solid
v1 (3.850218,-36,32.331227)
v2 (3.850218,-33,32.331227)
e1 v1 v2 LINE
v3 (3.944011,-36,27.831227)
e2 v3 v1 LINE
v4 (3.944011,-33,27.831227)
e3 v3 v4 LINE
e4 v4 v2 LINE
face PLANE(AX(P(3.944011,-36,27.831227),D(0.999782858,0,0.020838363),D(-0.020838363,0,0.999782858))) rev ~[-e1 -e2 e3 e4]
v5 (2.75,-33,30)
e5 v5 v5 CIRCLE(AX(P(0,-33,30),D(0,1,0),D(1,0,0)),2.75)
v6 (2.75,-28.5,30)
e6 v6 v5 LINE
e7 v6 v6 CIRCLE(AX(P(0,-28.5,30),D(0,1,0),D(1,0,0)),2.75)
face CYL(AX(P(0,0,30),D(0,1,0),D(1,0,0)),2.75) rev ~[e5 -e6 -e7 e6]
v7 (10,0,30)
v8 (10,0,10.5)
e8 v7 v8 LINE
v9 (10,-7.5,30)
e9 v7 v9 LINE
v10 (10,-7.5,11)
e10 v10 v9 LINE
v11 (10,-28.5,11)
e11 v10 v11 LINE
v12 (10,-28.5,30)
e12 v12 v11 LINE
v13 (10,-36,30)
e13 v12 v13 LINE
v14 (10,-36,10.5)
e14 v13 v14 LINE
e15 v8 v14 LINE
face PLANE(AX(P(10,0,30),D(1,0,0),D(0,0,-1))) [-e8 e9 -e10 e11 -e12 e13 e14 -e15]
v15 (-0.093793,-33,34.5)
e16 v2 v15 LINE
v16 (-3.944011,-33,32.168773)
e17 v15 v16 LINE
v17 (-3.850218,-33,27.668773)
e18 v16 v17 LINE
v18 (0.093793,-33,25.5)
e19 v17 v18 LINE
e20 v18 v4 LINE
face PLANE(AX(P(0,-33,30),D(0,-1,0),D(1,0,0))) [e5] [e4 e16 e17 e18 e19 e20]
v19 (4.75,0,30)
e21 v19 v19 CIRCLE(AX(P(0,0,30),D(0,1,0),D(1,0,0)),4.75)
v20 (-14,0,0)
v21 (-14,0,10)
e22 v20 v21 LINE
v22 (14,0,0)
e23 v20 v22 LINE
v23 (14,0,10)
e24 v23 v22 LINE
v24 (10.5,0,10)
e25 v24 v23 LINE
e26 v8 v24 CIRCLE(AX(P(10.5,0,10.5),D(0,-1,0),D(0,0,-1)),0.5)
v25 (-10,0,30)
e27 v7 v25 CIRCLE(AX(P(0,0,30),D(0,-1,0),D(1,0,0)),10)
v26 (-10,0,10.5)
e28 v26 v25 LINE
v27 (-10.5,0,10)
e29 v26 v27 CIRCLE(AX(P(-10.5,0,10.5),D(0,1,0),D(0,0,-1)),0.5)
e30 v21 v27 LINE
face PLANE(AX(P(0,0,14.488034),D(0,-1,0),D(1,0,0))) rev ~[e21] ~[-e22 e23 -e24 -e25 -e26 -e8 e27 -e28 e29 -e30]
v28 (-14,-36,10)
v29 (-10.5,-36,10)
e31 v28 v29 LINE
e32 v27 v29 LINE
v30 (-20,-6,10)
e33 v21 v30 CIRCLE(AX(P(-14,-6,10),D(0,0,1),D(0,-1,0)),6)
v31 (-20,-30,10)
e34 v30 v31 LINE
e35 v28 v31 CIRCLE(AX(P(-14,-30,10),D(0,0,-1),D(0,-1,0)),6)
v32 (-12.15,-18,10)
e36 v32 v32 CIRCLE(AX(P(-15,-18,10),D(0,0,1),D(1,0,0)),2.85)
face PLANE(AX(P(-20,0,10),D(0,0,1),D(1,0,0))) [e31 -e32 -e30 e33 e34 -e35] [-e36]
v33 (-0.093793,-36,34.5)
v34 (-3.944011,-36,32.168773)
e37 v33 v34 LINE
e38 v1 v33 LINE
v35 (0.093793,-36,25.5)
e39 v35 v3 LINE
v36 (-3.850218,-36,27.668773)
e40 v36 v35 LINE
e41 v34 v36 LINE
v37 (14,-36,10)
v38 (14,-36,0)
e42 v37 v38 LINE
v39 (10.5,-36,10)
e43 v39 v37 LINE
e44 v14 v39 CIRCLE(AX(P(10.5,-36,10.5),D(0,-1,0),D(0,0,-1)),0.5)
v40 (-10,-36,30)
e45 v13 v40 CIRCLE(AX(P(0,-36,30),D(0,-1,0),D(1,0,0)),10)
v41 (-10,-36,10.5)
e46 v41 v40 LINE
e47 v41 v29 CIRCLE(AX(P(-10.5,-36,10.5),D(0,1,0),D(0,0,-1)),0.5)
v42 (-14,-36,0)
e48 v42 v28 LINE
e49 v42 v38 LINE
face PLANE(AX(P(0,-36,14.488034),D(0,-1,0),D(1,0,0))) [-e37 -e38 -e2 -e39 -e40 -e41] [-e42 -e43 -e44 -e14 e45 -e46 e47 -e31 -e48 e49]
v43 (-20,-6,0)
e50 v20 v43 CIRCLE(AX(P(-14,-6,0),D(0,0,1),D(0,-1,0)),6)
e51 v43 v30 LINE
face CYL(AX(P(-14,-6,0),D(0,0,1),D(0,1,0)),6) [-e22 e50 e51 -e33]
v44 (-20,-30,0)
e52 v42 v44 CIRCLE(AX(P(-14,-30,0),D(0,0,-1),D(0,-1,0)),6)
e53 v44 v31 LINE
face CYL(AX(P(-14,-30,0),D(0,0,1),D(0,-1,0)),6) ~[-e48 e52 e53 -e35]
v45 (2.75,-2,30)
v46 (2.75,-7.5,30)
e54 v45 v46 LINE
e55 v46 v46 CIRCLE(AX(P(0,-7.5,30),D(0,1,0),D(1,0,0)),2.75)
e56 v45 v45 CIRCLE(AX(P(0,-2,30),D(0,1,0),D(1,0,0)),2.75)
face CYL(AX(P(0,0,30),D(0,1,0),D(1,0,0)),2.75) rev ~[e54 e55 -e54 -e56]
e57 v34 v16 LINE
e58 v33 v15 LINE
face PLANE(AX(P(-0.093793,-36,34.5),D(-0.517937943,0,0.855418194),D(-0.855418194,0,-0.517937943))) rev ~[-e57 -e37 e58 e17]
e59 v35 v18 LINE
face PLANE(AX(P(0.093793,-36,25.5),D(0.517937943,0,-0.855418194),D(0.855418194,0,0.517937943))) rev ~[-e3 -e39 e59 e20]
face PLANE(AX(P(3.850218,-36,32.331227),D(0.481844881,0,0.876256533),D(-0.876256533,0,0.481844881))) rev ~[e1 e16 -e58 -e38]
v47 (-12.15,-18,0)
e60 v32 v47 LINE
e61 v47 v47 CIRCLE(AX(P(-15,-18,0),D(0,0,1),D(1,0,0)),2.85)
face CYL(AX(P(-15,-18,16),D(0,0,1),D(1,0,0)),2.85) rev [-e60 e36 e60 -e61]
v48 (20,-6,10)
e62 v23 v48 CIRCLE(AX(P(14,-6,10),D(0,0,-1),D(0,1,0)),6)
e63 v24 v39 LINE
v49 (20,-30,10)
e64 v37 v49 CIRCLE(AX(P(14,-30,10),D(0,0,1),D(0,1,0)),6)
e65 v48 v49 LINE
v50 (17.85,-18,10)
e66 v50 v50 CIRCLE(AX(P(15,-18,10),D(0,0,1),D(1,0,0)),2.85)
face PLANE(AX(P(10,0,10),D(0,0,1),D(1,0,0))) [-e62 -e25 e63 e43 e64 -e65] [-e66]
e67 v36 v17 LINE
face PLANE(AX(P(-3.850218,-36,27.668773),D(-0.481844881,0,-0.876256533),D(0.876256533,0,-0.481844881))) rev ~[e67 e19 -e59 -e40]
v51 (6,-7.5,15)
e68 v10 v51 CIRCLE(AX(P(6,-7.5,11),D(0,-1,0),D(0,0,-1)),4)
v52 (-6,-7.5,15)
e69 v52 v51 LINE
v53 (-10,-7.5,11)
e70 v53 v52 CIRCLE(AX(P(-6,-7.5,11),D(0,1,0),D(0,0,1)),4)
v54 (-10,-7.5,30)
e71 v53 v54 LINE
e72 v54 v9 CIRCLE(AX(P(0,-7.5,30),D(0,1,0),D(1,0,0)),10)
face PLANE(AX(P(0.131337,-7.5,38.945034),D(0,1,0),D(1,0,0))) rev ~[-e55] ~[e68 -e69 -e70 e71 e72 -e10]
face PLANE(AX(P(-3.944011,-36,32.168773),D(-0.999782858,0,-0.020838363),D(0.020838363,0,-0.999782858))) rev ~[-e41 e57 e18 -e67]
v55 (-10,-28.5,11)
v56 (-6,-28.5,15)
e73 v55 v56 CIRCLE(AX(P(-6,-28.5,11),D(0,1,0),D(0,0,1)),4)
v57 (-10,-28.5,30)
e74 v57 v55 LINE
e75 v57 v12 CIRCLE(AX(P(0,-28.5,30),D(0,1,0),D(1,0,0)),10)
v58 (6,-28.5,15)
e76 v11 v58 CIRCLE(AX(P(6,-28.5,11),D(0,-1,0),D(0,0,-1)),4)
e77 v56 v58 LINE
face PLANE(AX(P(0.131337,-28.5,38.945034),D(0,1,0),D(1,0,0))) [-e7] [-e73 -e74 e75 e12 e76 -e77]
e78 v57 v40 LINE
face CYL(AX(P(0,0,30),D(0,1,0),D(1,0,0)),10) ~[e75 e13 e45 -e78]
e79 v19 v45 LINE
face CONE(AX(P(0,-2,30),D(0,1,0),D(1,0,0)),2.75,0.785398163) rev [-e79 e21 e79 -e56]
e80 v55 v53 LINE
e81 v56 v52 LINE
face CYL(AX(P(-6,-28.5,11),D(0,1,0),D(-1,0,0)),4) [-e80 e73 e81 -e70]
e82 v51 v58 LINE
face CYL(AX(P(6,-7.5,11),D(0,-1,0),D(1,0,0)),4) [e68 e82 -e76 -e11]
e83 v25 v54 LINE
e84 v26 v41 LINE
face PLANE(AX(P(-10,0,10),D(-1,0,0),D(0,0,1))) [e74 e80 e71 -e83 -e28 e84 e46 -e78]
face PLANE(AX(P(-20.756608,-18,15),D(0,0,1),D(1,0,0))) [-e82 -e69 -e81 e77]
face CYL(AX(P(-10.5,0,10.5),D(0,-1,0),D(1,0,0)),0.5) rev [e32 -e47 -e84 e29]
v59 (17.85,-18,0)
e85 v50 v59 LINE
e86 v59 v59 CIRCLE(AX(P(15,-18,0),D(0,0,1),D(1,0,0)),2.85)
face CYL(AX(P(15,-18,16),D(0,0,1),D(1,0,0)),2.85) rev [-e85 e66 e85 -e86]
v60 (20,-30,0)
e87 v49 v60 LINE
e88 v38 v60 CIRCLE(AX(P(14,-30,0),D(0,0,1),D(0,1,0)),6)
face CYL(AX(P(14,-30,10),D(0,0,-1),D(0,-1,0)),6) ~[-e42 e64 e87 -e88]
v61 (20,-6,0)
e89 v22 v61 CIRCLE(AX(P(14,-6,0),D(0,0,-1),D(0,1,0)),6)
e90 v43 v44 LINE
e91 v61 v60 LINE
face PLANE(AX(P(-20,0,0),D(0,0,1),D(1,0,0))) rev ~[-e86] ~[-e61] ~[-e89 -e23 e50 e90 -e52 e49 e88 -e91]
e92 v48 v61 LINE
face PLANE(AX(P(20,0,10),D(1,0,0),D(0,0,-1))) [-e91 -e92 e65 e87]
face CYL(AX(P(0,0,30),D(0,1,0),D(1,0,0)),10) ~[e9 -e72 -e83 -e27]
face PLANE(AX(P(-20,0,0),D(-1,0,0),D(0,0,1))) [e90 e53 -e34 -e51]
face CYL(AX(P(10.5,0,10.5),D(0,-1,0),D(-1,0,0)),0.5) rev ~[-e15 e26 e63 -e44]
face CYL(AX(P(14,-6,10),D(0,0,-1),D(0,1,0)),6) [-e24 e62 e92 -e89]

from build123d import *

# Parameters (mm, degrees)
PAD_DEPTH       = 36
SKETCH001_W     = 41.77589
SKETCH001_H     = 47.890068
POCKET_DEPTH    = 10.5
SKETCH002_R     = 2.75
POCKET001_DEPTH = 36.001
FILLET_R        = 4
FILLET001_R     = 0.5
SKETCH003_R     = 2.85
HOLE_DEPTH      = 16.001
FILLET002_R     = 6
CHAMFER_SIZE    = 2
POCKET002_DEPTH = 3


with BuildPart() as part:
    # Sketch → Pad (new body)
    with BuildSketch(Plane.XZ):
        with BuildLine():
            Line((-20, 0), (20, 0))
            Line((20, 10), (20, 0))
            Line((10, 10), (20, 10))
            Line((10, 30), (10, 10))
            ThreePointArc((10, 30), (0, 40), (-10, 30))
            Line((-10, 10), (-10, 30))
            Line((-20, 10), (-10, 10))
            Line((-20, 0), (-20, 10))
        make_face()
    extrude(amount=PAD_DEPTH)

    # Sketch001 (on DatumPlane) → Pocket (cut, symmetric)
    with BuildSketch(Plane(origin=(0, -18, 0), x_dir=(1, 0, 0), z_dir=(0, 1, 0))):
        with Locations((0.131337, -38.945034)):
            Rectangle(SKETCH001_W, SKETCH001_H)
    extrude(amount=POCKET_DEPTH, both=True, mode=Mode.SUBTRACT)

    # Sketch002 (on Face4 of Pocket) → Pocket001 (cut, through all)
    with BuildSketch(Plane(origin=(0, 0, 0), x_dir=(1, 0, 0), z_dir=(0, 1, 0))):
        with Locations((0, -30)):
            Circle(SKETCH002_R)
    extrude(amount=-POCKET001_DEPTH, mode=Mode.SUBTRACT)

    # Fillet
    fillet_edges = [part.edges().sort_by_distance(p)[0] for p in [
        (10, -18, 15),
        (-10, -18, 15),
    ]]
    fillet(fillet_edges, radius=FILLET_R)

    # Fillet001
    fillet001_edges = [part.edges().sort_by_distance(p)[0] for p in [
        (10, -18, 10),
        (-10, -18, 10),
    ]]
    fillet(fillet001_edges, radius=FILLET001_R)

    # Sketch003 (on DatumPlane) → Hole (cut, through all)
    with BuildSketch(Plane(origin=(0, 0, 16), x_dir=(1, 0, 0), z_dir=(0, 0, -1))):
        with Locations((15, 18)):
            Circle(SKETCH003_R)
        with Locations((-15, 18)):
            Circle(SKETCH003_R)
    extrude(amount=HOLE_DEPTH, mode=Mode.SUBTRACT)

    # Fillet002
    fillet002_edges = [part.edges().sort_by_distance(p)[0] for p in [
        (20, 0, 5),
        (-20, 0, 5),
        (-20, -36, 5),
        (20, -36, 5),
    ]]
    fillet(fillet002_edges, radius=FILLET002_R)

    # Chamfer
    chamfer_edges = [part.edges().sort_by_distance(p)[0] for p in [
        (-2.75, 0, 30),
    ]]
    chamfer(chamfer_edges, length=CHAMFER_SIZE)

    # Sketch004 (on Face15 of Chamfer) → Pocket002 (cut)
    with BuildSketch(Plane.XZ.offset(36)):
        Polygon((-0.093793, 34.5), (-3.944011, 32.168773), (-3.850218, 27.668773), (0.093793, 25.5), (3.944011, 27.831227), (3.850218, 32.331227), align=None)
    extrude(amount=-POCKET002_DEPTH, mode=Mode.SUBTRACT)


solid = part.part
